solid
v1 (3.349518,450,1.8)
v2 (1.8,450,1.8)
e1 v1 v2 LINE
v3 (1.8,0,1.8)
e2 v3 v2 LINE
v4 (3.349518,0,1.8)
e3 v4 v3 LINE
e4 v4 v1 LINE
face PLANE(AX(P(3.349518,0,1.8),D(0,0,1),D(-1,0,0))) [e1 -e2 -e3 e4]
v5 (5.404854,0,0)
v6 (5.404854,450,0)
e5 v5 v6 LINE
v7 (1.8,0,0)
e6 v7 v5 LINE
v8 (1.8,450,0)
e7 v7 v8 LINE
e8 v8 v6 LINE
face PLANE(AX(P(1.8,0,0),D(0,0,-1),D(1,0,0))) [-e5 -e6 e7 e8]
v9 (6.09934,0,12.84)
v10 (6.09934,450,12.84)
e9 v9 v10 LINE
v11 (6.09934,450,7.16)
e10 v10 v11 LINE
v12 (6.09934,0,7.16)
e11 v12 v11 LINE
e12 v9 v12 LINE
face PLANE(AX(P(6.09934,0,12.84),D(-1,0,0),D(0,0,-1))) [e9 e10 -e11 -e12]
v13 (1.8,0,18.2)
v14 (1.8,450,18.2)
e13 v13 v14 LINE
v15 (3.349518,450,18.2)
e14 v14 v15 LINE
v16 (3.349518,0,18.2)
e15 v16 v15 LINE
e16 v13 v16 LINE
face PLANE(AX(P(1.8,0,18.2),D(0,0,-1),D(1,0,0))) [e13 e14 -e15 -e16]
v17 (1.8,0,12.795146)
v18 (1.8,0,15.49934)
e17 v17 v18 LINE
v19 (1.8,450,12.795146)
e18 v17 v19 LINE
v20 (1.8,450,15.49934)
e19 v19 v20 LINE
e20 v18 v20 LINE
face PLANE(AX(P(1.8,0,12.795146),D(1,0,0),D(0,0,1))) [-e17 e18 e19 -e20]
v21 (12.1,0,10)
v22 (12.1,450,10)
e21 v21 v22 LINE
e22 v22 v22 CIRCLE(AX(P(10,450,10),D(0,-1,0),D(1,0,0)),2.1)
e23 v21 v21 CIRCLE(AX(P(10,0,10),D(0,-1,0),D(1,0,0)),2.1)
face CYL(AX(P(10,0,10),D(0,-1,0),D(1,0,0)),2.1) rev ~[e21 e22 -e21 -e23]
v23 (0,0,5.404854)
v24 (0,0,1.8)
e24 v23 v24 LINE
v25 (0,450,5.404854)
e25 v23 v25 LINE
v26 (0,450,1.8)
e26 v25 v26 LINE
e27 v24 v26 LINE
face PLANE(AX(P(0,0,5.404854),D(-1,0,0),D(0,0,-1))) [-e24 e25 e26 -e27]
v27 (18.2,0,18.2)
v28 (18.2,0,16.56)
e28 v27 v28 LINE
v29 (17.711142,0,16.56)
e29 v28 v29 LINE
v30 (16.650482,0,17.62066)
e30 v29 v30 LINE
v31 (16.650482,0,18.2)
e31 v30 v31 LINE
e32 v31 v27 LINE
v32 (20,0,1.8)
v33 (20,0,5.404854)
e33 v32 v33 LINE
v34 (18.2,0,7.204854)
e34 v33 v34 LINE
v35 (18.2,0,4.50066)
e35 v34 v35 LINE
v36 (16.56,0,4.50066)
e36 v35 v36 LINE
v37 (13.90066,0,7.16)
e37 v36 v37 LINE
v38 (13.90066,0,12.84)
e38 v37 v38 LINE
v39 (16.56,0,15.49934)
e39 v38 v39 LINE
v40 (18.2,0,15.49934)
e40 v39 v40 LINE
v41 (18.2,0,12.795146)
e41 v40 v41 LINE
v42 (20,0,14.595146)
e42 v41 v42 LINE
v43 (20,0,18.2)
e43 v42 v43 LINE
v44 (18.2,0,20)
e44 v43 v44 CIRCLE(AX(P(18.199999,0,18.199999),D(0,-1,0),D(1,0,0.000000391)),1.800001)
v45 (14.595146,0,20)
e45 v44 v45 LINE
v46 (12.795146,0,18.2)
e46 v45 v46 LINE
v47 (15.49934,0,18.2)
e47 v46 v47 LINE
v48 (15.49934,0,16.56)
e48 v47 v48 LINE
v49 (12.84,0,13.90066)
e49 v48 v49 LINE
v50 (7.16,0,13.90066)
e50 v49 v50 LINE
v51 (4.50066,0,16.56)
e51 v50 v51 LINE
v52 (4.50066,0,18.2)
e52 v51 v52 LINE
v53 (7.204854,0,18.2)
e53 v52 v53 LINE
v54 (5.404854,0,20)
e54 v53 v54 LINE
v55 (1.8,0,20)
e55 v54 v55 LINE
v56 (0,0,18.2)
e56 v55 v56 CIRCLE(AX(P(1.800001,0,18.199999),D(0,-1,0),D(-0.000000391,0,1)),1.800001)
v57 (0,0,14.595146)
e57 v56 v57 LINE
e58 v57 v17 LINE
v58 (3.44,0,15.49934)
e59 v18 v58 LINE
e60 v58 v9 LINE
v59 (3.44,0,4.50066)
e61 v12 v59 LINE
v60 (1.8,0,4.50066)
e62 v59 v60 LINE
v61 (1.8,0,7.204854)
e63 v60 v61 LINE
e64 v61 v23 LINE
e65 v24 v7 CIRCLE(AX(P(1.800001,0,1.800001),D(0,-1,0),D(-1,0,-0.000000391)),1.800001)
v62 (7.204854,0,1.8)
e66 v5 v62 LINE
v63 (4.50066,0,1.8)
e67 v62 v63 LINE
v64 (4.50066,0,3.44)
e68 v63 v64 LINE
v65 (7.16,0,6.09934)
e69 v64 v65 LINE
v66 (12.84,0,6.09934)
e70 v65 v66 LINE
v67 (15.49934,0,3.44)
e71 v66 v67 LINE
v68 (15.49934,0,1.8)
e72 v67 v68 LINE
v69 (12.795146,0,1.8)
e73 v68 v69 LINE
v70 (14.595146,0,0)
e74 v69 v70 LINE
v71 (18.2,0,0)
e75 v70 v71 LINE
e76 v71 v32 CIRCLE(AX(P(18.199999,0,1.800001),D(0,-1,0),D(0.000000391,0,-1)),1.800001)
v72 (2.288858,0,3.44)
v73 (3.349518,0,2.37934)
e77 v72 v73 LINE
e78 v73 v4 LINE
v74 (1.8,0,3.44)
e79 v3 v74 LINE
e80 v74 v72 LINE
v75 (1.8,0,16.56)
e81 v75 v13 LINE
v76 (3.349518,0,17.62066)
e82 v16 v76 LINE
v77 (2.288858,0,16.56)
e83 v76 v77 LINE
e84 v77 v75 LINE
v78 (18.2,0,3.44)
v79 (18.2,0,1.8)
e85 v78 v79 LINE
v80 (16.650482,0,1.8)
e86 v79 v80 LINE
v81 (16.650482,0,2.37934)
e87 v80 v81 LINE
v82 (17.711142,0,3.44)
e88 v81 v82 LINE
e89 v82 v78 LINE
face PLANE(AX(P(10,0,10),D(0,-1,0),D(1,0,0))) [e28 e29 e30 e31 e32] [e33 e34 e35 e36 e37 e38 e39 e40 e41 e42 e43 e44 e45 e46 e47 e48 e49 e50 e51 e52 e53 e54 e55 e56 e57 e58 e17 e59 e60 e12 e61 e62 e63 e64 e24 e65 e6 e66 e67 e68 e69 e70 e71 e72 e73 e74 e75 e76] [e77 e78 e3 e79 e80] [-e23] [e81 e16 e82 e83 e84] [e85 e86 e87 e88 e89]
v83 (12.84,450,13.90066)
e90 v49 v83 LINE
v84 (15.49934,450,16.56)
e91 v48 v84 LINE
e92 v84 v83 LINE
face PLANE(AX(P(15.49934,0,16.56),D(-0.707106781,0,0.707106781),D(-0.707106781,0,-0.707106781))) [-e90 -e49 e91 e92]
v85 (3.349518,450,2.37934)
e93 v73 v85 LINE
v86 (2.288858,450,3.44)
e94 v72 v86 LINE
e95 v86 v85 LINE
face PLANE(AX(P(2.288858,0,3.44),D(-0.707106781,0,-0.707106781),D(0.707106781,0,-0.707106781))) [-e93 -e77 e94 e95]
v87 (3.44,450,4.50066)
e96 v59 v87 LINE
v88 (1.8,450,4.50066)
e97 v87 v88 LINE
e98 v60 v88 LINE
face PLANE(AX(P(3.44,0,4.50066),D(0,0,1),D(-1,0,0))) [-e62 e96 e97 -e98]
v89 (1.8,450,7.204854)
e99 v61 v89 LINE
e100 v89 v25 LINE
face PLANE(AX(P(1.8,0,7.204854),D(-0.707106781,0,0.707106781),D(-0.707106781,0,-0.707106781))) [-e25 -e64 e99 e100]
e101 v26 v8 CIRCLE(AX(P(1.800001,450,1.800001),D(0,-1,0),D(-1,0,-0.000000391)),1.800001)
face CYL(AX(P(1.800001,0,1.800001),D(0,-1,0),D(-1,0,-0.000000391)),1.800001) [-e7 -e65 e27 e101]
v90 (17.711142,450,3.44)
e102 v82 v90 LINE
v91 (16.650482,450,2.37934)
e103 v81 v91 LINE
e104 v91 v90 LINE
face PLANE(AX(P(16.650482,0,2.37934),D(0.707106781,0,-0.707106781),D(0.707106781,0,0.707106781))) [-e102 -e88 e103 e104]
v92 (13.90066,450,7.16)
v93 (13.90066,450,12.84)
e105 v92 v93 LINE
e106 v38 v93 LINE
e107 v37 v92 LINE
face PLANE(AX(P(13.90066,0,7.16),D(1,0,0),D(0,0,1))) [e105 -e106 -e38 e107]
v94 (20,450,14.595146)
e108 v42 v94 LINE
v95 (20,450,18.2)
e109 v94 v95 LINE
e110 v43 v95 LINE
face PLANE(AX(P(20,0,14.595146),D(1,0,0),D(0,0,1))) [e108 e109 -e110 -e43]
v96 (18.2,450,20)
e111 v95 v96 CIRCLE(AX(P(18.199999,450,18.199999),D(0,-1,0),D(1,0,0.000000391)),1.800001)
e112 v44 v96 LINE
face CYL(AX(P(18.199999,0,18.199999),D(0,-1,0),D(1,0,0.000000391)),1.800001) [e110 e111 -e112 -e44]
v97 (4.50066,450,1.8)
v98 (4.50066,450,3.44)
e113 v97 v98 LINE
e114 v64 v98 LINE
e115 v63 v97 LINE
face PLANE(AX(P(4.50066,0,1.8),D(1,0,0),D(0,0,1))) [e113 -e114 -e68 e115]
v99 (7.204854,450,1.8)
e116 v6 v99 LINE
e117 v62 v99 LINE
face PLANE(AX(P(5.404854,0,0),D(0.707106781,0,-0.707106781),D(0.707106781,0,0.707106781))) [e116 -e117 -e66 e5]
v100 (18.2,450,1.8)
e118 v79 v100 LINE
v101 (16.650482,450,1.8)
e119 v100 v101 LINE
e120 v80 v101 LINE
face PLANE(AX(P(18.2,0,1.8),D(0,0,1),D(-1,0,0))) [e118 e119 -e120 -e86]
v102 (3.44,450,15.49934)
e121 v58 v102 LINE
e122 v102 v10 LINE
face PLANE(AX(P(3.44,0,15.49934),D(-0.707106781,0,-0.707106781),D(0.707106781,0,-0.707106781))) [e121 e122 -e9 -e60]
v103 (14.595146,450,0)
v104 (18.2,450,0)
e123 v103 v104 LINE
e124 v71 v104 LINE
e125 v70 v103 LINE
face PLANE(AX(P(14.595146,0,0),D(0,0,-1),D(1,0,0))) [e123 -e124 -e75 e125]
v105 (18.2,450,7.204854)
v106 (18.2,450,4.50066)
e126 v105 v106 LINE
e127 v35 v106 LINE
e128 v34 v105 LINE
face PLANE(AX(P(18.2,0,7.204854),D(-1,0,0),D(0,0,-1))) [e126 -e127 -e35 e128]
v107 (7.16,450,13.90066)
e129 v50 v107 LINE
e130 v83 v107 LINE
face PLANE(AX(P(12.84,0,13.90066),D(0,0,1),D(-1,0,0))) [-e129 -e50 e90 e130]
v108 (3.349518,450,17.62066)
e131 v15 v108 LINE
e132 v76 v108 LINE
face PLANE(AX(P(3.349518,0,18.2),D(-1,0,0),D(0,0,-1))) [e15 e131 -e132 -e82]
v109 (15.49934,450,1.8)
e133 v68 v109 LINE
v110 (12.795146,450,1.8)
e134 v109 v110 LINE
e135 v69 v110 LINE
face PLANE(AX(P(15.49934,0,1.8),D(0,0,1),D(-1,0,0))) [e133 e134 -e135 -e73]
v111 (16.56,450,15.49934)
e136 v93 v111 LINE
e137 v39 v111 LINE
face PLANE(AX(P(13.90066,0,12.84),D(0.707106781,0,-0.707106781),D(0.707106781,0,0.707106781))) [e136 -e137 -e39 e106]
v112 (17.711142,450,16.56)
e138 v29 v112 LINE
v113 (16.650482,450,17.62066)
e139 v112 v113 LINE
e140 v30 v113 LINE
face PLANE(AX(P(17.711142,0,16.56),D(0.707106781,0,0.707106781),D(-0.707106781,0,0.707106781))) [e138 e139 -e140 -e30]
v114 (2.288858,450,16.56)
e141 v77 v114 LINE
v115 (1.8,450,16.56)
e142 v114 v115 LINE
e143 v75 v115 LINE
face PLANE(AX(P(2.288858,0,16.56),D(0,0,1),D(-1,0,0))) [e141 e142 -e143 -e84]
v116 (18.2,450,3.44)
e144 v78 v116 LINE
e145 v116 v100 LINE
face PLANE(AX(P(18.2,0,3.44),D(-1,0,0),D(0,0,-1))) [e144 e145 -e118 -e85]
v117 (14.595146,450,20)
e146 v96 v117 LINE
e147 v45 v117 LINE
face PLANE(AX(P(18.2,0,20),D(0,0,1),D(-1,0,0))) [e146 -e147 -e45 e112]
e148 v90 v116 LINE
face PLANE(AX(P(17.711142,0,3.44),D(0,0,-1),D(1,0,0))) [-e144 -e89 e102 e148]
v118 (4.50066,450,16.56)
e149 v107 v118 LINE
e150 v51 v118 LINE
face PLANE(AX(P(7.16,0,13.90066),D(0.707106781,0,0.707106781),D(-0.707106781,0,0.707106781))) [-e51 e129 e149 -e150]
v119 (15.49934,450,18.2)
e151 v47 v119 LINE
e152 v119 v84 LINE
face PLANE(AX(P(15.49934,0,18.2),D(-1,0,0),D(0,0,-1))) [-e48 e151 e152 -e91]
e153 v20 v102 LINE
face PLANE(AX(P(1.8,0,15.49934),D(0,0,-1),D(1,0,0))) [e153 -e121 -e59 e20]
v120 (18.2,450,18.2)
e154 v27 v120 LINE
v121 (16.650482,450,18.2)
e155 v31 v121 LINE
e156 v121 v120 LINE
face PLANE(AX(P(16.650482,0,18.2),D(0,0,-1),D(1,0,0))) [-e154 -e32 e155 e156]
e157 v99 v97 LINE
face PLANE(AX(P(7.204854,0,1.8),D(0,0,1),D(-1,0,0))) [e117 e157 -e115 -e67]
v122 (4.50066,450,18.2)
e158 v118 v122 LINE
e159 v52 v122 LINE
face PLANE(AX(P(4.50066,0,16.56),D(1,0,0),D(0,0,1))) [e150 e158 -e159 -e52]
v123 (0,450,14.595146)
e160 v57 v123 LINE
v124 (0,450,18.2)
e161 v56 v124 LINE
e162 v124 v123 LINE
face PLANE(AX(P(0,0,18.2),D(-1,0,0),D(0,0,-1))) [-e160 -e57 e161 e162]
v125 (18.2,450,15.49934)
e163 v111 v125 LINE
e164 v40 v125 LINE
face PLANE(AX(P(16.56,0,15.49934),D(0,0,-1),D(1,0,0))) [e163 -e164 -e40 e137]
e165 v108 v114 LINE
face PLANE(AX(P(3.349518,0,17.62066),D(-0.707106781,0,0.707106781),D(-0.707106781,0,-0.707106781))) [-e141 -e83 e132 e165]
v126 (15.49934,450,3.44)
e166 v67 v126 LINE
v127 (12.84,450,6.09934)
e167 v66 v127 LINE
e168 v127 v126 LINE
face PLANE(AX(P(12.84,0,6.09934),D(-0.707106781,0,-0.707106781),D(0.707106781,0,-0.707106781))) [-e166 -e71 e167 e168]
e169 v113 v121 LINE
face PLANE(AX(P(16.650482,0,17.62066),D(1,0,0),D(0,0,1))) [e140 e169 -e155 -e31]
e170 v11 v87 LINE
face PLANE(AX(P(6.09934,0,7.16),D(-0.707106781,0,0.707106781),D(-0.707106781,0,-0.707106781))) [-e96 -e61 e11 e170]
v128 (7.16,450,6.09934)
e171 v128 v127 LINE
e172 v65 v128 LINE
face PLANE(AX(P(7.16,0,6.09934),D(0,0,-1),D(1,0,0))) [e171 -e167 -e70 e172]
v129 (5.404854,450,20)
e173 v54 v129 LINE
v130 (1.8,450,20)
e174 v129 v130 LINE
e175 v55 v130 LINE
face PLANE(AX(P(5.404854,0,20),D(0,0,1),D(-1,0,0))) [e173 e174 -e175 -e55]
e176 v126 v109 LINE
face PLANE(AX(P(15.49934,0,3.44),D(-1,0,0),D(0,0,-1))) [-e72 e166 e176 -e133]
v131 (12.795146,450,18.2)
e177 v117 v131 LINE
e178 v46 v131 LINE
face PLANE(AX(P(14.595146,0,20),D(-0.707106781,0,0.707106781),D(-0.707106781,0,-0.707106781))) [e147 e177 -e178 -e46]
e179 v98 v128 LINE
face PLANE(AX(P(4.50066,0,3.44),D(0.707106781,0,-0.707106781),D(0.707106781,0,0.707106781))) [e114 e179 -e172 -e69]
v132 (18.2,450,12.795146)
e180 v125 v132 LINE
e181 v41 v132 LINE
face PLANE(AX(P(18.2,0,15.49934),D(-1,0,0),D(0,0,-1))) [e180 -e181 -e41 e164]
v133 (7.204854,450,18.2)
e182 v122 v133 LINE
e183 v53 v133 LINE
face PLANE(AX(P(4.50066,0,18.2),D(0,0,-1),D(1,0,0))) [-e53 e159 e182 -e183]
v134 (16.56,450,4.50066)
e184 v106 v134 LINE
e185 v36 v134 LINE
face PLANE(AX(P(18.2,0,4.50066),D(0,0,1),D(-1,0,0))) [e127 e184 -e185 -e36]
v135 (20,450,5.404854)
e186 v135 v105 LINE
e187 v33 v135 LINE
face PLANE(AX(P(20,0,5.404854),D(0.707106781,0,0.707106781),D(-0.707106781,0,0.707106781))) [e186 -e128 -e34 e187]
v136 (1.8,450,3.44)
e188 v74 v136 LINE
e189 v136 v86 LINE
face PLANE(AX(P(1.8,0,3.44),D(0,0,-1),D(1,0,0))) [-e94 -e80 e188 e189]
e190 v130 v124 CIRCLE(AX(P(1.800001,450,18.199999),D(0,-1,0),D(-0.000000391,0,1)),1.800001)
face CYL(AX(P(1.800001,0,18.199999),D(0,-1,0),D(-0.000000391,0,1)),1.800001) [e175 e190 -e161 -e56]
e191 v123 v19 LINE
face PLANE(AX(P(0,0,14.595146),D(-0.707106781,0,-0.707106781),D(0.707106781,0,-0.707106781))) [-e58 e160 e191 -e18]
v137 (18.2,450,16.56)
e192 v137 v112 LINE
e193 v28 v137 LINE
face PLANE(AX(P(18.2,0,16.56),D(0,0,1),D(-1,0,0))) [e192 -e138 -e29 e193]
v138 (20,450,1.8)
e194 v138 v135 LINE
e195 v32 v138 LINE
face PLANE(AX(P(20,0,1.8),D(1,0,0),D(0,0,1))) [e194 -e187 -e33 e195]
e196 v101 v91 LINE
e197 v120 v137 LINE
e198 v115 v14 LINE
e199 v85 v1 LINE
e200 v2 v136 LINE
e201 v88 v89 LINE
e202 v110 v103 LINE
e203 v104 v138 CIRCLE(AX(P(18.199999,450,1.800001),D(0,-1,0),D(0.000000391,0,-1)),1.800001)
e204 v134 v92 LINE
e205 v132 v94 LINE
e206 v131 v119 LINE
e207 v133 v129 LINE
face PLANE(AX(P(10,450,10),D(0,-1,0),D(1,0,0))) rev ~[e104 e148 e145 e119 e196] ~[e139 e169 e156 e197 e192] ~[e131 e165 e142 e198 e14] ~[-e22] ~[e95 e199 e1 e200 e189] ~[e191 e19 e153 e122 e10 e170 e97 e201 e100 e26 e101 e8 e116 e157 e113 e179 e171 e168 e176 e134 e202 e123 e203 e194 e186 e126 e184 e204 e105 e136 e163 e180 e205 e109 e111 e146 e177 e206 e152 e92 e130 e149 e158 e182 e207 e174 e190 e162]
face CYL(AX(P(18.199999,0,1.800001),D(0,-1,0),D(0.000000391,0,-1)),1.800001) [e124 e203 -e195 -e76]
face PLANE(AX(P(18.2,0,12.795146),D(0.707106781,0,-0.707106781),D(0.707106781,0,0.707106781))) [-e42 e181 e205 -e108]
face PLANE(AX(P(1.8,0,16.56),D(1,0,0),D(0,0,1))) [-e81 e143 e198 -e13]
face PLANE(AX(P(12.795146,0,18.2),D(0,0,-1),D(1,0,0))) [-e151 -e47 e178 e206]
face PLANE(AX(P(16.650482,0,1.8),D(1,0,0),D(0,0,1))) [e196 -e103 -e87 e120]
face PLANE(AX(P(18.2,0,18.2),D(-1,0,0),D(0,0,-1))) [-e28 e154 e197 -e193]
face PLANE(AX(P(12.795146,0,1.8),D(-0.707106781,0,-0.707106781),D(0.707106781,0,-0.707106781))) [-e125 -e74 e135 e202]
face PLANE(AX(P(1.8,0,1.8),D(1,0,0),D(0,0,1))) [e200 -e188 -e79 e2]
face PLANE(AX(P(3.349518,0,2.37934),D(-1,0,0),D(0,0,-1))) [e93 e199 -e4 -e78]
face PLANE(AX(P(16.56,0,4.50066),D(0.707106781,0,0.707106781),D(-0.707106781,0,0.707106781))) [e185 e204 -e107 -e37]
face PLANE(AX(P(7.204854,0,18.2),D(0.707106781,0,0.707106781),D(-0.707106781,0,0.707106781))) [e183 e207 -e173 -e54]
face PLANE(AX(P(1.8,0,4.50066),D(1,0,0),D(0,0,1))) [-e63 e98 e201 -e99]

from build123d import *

# Parameters (mm, degrees)
F0_R     = 2.1
F1_DEPTH = 450


with BuildPart() as f1:
    # F0 (on Front) → F1 (new body)
    with BuildSketch(Plane.XZ):
        with BuildLine():
            Line((4.50066, 1.8), (4.50066, 3.44))
            Line((4.50066, 3.44), (7.16, 6.09934))
            Line((7.16, 6.09934), (12.84, 6.09934))
            Line((12.84, 6.09934), (15.49934, 3.44))
            Line((15.49934, 3.44), (15.49934, 1.8))
            Line((15.49934, 1.8), (12.795146, 1.8))
            Line((12.795146, 1.8), (14.595146, 0))
            Line((14.595146, 0), (18.2, 0))
            ThreePointArc((18.2, 0), (19.472792, 0.527208), (20, 1.8))
            Line((20, 1.8), (20, 5.404854))
            Line((20, 5.404854), (18.2, 7.204854))
            Line((18.2, 7.204854), (18.2, 4.50066))
            Line((18.2, 4.50066), (16.56, 4.50066))
            Line((16.56, 4.50066), (13.90066, 7.16))
            Line((13.90066, 7.16), (13.90066, 12.84))
            Line((13.90066, 12.84), (16.56, 15.49934))
            Line((16.56, 15.49934), (18.2, 15.49934))
            Line((18.2, 15.49934), (18.2, 12.795146))
            Line((18.2, 12.795146), (20, 14.595146))
            Line((20, 14.595146), (20, 18.2))
            ThreePointArc((20, 18.2), (19.472792, 19.472792), (18.2, 20))
            Line((18.2, 20), (14.595146, 20))
            Line((14.595146, 20), (12.795146, 18.2))
            Line((12.795146, 18.2), (15.49934, 18.2))
            Line((15.49934, 18.2), (15.49934, 16.56))
            Line((15.49934, 16.56), (12.84, 13.90066))
            Line((12.84, 13.90066), (7.16, 13.90066))
            Line((7.16, 13.90066), (4.50066, 16.56))
            Line((4.50066, 16.56), (4.50066, 18.2))
            Line((4.50066, 18.2), (7.204854, 18.2))
            Line((7.204854, 18.2), (5.404854, 20))
            Line((5.404854, 20), (1.8, 20))
            ThreePointArc((1.8, 20), (0.527208, 19.472792), (0, 18.2))
            Line((0, 18.2), (0, 14.595146))
            Line((0, 14.595146), (1.8, 12.795146))
            Line((1.8, 12.795146), (1.8, 15.49934))
            Line((1.8, 15.49934), (3.44, 15.49934))
            Line((3.44, 15.49934), (6.09934, 12.84))
            Line((6.09934, 12.84), (6.09934, 7.16))
            Line((6.09934, 7.16), (3.44, 4.50066))
            Line((3.44, 4.50066), (1.8, 4.50066))
            Line((1.8, 4.50066), (1.8, 7.204854))
            Line((1.8, 7.204854), (0, 5.404854))
            Line((0, 5.404854), (0, 1.8))
            ThreePointArc((0, 1.8), (0.527208, 0.527208), (1.8, 0))
            Line((1.8, 0), (5.404854, 0))
            Line((5.404854, 0), (7.204854, 1.8))
            Line((7.204854, 1.8), (4.50066, 1.8))
        make_face()
        Polygon((2.288858, 3.44), (3.349518, 2.37934), (3.349518, 1.8), (1.8, 1.8), (1.8, 3.44), align=None, mode=Mode.SUBTRACT)
        Polygon((18.2, 3.44), (18.2, 1.8), (16.650482, 1.8), (16.650482, 2.37934), (17.711142, 3.44), align=None, mode=Mode.SUBTRACT)
        with Locations((10, 10)):
            Circle(F0_R, mode=Mode.SUBTRACT)
        Polygon((1.8, 16.56), (1.8, 18.2), (3.349518, 18.2), (3.349518, 17.62066), (2.288858, 16.56), align=None, mode=Mode.SUBTRACT)
        Polygon((17.711142, 16.56), (16.650482, 17.62066), (16.650482, 18.2), (18.2, 18.2), (18.2, 16.56), align=None, mode=Mode.SUBTRACT)
    extrude(amount=-F1_DEPTH)


solid = f1.part
